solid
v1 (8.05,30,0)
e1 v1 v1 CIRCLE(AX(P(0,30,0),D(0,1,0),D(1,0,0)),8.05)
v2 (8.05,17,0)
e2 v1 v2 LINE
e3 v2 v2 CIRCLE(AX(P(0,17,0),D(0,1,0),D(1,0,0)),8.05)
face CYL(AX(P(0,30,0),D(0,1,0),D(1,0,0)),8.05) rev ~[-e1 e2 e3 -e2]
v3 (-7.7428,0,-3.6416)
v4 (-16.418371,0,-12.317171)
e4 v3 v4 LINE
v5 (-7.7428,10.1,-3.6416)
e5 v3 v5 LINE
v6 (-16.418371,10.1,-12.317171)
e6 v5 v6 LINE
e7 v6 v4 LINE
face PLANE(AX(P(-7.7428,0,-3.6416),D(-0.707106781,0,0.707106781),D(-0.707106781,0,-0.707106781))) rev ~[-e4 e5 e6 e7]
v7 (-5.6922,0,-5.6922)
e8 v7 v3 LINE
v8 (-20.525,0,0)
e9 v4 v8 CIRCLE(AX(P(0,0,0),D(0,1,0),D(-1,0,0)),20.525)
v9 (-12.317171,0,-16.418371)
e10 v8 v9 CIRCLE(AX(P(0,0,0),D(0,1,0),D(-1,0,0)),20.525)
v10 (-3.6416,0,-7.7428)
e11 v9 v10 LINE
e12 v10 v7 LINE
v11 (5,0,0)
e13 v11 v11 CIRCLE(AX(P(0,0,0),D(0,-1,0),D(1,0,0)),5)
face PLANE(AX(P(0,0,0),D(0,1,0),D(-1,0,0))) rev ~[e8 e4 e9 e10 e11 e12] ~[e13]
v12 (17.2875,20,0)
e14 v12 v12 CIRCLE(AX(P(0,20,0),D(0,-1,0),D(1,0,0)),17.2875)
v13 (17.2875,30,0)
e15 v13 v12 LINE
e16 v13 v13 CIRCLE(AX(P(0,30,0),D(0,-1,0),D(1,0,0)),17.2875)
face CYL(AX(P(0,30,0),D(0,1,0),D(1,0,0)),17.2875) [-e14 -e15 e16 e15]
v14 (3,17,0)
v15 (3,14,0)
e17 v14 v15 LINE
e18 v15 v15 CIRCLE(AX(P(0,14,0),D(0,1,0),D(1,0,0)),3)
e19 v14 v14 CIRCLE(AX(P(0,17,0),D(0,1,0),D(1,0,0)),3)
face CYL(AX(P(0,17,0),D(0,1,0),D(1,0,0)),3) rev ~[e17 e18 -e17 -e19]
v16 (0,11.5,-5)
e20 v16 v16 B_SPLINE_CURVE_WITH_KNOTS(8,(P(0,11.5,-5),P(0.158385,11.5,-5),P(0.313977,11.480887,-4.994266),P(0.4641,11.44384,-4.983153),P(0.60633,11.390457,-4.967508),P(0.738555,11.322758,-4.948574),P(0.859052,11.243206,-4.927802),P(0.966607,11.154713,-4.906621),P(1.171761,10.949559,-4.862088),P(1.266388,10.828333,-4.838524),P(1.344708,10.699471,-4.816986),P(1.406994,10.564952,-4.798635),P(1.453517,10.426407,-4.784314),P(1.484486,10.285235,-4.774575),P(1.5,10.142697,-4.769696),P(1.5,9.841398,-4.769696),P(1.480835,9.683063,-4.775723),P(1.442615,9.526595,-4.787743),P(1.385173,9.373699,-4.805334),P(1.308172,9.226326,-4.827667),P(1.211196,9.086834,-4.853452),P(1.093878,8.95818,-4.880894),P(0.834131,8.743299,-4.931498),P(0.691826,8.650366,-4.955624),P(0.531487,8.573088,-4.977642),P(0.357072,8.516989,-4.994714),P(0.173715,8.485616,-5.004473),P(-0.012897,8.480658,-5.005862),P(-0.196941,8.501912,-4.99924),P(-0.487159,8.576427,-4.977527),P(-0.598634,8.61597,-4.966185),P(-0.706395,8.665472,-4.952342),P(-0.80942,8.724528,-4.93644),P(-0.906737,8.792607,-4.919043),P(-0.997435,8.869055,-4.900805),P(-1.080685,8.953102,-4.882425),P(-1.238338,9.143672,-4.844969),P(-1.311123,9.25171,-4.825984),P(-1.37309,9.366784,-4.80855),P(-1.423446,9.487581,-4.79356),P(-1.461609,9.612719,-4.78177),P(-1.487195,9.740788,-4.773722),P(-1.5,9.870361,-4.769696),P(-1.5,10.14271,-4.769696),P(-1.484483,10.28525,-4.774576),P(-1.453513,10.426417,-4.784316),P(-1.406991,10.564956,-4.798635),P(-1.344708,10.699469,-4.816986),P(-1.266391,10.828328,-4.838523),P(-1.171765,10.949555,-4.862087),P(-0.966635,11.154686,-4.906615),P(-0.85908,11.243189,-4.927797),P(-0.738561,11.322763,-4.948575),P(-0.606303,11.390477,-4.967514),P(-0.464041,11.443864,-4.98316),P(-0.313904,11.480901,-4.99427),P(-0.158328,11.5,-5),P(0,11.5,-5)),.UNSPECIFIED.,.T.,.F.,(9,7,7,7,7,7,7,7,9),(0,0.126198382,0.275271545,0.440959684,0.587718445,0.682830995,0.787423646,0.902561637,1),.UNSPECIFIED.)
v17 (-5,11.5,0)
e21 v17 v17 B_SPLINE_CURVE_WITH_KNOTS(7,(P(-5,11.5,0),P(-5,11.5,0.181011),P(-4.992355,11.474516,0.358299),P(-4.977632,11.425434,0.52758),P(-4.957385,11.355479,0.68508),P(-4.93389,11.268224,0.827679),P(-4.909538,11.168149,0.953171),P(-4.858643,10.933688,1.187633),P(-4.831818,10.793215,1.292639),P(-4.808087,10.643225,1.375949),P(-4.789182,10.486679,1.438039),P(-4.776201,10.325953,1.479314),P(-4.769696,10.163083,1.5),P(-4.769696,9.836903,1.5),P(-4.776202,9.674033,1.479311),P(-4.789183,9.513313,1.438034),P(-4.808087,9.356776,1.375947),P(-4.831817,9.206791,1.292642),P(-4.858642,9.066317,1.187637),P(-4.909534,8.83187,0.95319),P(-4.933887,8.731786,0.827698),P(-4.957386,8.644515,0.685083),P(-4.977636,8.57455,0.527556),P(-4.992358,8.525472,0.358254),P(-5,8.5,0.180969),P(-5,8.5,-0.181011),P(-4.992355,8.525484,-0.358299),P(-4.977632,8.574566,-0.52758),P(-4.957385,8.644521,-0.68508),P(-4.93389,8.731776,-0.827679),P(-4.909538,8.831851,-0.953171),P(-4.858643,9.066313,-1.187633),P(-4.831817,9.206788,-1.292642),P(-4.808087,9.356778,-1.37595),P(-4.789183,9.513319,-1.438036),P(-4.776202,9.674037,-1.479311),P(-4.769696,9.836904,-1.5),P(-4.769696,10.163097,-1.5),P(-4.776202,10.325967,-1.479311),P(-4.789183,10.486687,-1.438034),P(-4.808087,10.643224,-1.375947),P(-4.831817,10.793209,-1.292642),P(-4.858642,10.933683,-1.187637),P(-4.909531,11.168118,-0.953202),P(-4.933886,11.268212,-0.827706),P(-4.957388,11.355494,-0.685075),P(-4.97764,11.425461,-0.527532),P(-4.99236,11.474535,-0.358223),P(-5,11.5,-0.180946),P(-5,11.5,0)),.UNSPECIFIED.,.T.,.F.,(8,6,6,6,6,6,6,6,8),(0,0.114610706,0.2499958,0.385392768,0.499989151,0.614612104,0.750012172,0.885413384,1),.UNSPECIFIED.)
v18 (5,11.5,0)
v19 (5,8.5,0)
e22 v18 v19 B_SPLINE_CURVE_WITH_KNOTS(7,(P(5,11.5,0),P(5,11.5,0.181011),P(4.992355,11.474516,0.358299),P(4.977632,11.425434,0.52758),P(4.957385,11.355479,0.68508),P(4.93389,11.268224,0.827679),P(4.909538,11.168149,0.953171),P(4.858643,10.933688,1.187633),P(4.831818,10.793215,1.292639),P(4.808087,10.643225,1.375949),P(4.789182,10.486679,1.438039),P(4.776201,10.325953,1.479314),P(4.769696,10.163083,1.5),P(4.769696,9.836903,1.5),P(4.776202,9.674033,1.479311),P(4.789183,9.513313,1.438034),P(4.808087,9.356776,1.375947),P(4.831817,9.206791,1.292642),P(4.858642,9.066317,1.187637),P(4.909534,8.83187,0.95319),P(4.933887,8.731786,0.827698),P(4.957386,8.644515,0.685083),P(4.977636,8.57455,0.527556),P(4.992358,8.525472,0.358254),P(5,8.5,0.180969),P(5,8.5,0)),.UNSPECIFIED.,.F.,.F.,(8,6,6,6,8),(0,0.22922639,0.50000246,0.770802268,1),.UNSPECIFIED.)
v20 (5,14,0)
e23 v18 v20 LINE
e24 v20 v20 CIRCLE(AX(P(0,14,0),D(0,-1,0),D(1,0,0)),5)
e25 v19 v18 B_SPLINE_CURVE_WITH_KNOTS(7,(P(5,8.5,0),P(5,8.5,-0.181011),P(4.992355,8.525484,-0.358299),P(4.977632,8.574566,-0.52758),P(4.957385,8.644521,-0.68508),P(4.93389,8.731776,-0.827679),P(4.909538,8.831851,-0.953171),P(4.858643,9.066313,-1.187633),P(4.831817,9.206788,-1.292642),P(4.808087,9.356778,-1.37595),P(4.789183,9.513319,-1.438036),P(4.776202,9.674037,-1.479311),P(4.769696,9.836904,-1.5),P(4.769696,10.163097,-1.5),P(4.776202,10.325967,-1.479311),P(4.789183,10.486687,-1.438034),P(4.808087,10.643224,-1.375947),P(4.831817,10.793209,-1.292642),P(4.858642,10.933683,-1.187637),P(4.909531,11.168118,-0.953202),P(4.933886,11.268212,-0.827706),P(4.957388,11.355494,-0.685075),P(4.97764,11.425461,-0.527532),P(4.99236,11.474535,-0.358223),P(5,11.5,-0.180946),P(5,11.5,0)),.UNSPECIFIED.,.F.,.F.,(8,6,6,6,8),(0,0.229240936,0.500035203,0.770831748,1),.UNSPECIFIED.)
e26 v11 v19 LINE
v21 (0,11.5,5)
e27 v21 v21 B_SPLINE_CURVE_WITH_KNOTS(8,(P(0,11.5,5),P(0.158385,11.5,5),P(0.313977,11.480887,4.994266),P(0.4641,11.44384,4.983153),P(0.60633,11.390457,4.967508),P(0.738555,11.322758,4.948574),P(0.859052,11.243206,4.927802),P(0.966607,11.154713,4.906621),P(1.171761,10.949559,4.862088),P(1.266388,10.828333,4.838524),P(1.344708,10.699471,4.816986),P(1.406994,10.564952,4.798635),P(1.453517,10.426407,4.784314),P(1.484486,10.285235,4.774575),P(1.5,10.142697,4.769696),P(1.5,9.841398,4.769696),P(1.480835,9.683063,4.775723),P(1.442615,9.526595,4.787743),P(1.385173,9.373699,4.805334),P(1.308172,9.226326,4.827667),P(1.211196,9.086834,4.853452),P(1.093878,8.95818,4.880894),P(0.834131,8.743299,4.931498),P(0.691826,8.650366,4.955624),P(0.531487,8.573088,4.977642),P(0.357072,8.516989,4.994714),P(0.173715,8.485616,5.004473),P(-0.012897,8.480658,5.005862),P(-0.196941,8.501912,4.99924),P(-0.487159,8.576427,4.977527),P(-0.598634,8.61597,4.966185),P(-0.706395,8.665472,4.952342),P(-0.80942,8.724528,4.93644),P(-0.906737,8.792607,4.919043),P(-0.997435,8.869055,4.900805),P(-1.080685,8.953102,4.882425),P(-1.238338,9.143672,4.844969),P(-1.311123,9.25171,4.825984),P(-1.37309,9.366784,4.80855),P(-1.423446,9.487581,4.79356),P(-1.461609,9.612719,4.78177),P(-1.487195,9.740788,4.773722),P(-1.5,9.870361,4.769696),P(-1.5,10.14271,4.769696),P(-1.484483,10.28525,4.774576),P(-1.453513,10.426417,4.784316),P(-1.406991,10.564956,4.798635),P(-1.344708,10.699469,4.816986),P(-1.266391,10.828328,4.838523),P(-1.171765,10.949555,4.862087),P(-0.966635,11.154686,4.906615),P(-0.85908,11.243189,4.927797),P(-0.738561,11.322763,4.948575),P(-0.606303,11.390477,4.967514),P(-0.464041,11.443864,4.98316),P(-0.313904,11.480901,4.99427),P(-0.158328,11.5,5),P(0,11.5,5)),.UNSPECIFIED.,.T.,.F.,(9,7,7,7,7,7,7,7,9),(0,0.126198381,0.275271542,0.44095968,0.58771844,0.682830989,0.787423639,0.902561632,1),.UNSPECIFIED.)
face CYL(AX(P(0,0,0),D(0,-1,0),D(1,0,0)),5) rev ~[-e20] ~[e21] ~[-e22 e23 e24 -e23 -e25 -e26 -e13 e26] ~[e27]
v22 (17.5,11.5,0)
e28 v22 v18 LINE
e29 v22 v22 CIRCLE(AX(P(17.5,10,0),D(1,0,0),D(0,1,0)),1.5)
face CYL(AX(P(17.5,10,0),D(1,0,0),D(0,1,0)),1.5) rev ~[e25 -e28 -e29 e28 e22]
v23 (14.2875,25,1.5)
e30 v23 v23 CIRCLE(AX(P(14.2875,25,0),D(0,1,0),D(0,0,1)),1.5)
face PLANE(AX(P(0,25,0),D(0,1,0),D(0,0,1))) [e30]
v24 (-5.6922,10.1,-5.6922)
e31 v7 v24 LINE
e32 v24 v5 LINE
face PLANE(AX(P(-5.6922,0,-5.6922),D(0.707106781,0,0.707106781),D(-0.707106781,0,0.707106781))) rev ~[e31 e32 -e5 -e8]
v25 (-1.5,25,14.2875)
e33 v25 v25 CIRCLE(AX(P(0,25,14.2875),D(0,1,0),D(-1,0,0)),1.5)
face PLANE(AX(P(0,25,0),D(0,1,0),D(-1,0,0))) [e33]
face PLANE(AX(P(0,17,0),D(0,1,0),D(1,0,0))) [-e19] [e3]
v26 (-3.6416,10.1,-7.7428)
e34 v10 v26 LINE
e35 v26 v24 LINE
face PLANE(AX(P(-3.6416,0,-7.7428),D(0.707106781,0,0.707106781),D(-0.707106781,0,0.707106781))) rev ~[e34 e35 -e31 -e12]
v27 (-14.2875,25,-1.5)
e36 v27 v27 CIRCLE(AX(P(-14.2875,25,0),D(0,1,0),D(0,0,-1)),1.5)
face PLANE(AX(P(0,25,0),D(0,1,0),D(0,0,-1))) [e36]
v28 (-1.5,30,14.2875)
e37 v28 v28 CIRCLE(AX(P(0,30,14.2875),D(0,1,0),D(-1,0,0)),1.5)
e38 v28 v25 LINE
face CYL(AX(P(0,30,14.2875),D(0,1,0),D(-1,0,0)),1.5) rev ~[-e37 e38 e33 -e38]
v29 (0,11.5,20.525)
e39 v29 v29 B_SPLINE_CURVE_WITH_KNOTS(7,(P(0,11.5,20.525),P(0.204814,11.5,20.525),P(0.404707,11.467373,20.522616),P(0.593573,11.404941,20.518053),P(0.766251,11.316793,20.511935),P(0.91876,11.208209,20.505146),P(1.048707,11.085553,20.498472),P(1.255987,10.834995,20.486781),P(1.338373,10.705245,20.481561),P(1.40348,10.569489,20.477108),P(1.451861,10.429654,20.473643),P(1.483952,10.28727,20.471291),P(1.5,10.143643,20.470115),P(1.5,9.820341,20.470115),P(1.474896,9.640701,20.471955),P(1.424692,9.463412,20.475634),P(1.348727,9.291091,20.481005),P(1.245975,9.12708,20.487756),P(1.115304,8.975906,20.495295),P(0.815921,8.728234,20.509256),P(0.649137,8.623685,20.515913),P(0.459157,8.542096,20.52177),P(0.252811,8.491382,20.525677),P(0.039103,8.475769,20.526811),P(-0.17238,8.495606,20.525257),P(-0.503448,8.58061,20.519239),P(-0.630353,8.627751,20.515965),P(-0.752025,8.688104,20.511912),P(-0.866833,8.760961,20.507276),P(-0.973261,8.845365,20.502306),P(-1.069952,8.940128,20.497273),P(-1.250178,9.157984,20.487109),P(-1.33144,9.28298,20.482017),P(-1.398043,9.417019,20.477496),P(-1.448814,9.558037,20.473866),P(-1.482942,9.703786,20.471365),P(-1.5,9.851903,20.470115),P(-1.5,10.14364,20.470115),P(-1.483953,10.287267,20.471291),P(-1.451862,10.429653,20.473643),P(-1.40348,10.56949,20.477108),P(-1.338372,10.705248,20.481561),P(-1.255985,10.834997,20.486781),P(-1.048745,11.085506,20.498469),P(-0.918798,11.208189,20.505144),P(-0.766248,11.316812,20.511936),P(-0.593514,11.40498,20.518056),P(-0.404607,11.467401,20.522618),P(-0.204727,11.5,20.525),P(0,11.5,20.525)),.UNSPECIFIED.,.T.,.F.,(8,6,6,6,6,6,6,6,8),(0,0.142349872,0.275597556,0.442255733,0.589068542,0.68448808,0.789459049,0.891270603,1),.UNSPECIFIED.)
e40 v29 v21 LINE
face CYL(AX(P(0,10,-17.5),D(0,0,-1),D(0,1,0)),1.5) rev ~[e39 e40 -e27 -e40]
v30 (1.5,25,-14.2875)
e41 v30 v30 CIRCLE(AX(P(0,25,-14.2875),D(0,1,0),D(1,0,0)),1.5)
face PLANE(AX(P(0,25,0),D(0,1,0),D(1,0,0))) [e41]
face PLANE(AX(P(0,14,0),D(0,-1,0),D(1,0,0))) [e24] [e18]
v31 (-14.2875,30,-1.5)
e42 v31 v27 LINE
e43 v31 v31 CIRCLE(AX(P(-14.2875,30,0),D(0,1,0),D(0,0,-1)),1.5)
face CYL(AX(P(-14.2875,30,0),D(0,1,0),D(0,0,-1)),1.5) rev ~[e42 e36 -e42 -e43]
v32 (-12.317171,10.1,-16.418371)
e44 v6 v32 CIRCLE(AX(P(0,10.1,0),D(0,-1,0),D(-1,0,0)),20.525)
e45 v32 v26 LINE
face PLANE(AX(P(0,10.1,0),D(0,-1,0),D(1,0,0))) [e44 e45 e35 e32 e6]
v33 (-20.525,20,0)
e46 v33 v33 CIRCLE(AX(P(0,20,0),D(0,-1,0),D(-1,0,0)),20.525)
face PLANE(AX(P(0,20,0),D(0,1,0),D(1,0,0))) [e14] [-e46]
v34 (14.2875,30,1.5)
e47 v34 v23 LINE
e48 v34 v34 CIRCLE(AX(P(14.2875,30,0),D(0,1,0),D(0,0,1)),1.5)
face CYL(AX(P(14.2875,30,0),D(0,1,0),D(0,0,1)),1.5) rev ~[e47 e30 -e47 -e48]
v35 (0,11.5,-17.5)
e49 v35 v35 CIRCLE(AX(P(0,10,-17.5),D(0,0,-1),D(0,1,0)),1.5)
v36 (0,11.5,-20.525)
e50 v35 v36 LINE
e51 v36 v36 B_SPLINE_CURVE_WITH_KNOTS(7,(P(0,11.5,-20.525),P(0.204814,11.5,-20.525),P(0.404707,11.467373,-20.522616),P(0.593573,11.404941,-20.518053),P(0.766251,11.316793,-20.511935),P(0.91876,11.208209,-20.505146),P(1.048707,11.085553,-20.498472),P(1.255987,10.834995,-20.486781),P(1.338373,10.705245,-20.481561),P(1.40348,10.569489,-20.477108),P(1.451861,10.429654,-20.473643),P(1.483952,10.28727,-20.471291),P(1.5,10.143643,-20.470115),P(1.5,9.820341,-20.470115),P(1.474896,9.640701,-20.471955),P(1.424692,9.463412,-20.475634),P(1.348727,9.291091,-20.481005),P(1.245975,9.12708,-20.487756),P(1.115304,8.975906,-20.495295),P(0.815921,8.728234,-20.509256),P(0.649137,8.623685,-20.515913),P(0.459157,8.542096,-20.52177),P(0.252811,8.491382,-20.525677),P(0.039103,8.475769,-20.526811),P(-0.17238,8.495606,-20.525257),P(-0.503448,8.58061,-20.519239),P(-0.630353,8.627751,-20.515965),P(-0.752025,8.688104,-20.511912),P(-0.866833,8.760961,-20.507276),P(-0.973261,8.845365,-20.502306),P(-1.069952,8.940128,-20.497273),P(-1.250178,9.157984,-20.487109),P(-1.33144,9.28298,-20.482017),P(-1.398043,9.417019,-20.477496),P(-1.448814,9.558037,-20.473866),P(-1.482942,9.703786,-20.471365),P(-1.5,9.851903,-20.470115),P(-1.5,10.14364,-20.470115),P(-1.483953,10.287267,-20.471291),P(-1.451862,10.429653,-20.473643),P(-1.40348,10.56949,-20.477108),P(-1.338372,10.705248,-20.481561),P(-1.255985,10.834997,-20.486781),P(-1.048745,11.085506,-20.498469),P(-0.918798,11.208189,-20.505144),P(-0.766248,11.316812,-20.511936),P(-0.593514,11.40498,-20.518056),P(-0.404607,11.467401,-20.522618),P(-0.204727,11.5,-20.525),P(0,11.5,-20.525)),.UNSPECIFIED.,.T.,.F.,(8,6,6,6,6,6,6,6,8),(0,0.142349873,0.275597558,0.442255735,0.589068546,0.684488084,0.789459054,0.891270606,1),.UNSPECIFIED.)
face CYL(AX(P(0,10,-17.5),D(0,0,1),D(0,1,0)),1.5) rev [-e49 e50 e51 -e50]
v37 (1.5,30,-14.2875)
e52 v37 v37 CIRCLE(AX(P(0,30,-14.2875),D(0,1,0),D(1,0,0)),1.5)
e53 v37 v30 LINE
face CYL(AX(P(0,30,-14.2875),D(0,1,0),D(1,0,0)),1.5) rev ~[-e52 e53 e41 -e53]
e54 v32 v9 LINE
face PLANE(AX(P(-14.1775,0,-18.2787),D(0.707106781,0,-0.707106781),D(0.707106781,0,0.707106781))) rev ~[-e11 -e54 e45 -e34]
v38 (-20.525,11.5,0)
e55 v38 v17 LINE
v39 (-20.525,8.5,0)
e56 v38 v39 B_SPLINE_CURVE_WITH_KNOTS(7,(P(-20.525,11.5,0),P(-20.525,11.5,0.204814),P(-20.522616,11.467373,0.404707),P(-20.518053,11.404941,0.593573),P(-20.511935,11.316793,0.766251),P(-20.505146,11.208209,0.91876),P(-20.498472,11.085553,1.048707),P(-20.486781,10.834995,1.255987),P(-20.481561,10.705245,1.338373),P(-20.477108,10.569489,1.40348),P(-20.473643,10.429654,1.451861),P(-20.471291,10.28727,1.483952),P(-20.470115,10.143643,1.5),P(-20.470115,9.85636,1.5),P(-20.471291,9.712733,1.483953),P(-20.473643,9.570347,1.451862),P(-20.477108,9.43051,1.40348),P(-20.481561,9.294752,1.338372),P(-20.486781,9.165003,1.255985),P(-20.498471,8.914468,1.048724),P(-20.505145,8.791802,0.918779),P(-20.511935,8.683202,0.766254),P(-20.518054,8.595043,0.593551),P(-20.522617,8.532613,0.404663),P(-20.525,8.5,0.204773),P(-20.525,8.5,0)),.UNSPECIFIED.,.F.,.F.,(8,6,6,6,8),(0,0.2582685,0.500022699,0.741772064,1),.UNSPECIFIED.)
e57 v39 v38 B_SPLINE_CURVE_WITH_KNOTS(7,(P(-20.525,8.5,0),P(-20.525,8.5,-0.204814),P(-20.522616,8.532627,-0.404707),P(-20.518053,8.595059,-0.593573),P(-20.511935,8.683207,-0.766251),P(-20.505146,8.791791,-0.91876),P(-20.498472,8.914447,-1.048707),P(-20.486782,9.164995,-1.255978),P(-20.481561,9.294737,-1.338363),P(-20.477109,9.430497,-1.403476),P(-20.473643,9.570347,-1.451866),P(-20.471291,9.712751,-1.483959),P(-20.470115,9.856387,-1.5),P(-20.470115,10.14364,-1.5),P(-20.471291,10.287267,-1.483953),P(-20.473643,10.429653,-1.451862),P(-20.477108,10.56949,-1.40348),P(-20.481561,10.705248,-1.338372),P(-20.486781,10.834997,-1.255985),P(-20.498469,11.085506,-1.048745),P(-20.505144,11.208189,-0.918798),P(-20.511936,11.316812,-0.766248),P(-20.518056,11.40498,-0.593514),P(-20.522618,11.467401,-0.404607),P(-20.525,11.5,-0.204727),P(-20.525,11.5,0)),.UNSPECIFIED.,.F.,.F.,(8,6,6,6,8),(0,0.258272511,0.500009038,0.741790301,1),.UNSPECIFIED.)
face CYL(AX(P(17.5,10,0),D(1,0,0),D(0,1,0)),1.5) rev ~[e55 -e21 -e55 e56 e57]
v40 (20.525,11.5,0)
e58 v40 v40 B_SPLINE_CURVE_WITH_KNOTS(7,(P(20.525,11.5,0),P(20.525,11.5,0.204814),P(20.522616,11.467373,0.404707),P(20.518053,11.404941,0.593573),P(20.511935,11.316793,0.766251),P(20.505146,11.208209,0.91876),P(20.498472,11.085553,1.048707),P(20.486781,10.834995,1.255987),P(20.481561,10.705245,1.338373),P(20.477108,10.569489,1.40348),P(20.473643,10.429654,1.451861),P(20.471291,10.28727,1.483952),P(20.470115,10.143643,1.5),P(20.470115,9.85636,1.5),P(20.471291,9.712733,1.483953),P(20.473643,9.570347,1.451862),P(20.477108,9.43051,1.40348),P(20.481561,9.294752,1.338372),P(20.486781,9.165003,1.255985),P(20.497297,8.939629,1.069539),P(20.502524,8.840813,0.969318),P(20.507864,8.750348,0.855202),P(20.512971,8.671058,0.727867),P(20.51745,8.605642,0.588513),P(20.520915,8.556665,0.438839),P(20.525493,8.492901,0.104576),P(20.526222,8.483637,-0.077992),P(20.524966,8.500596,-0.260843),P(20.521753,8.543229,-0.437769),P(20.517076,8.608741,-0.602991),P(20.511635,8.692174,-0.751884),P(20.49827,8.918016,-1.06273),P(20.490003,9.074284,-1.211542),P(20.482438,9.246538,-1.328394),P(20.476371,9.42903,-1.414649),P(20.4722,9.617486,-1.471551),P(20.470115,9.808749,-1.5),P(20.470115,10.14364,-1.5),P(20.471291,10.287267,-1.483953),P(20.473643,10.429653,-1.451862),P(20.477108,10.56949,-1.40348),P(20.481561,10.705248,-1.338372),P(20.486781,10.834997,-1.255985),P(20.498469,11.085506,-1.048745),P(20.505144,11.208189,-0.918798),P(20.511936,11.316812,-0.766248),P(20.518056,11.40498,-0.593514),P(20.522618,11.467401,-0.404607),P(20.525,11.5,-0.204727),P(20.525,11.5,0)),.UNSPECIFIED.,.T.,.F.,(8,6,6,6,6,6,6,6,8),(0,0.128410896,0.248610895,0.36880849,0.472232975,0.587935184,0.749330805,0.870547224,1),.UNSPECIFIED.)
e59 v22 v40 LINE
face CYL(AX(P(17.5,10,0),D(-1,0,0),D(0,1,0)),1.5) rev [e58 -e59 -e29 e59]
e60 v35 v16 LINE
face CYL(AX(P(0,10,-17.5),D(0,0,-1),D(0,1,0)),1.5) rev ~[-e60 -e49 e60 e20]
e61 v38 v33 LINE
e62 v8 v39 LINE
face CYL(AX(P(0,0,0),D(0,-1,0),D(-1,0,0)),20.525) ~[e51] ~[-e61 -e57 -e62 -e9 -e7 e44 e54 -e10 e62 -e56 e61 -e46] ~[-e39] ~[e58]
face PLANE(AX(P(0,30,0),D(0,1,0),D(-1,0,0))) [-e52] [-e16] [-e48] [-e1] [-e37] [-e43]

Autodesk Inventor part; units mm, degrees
ref_plane "XZ Plane" through (0, 0, 0) normal (0, 1, 0) x (-1, 0, 0)
ref_plane "XY Plane" through (0, 0, 0) normal (0, 0, 1) x (1, 0, 0)
sketch "Sketch1" plane through (0, 0, 0) normal (0, 1, 0) x (-1, 0, 0)
  circle A0 centre (0, 0) radius 20.525
extrude "Extrusion1" add sketch "Sketch1" along normal blind 30
sketch "Sketch2" plane through (0, 30, 0) normal (0, 1, 0) x (1, 0, 0)
  circle A0 centre (0, 0) radius 8.05
  dimension "d3" = 16.1
extrude "Extrusion2" cut sketch "Sketch2" against normal blind 13
sketch "Sketch4" plane through (0, 17, 0) normal (0, 1, 0) x (1, 0, 0)
  circle A0 centre (0, 0) radius 3
  dimension "d27" = 6
sketch "Sketch5" plane through (0, 30, 0) normal (0, 1, 0) x (1, 0, 0)
  circle A0 centre (0, 0) radius 8.05 projected
  circle A1 centre (0, 0) radius 20.525 projected
  circle A2 centre (0, 14.2875) radius 1.5
extrude "Extrusion5" cut sketch "Sketch5" against normal blind 5 contours A2
pattern_circular "Circular Pattern2" count 4 over 360 about axis through (0, 0, 0) along (0, 1, 0) of "Extrusion5"
sketch "Sketch6" plane through (0, 30, 0) normal (0, 1, 0) x (1, 0, 0)
  circle A0 centre (0, 14.2875) radius 1.5 projected
  line L0 (0, 15.7875) -> (0, 17.2875)
  circle A1 centre (0, 0) radius 17.2875
  circle A2 centre (0, 0) radius 20.525 projected
  dimension "d22" = 1.5
extrude "Extrusion6" cut sketch "Sketch6" against normal blind 10 contours A2
extrude "Extrusion7" cut sketch "Sketch4" against normal blind 10
sketch "Sketch7" plane through (0, 0, 0) normal (0, -1, 0) x (1, 0, 0)
  circle A0 centre (0, 0) radius 5
  dimension "d28" = 10
extrude "Extrusion8" cut sketch "Sketch7" against normal blind 14
sketch "Sketch8" plane through (0, 30, 0) normal (0, 1, 0) x (1, 0, 0)
  circle A0 centre (0, 0) radius 17.2875 projected
  circle A1 centre (14.2875, 0) radius 1.5 projected
  circle A2 centre (0, -14.2875) radius 1.5 projected
  circle A3 centre (-14.2875, 0) radius 1.5 projected
  circle A4 centre (0, 14.2875) radius 1.5 projected
  circle A5 centre (0, 0) radius 8.05 projected
ref_plane "Work Plane1" through (17.5, 0, 0) normal (1, 0, 0) x (0, 1, 0)
sketch "Sketch9" plane through (17.5, 0, 0) normal (1, 0, 0) x (0, 1, 0)
  circle A0 centre (10, 0) radius 1.5
  dimension "d32" = 3
extrude "Extrusion9" cut sketch "Sketch9" along normal blind 50 and the other way blind 50
pattern_circular "Circular Pattern3" count 4 over 360 about axis through (0, 0, 0) along (0, 1, 0) of "Extrusion9"
sketch "Sketch10" plane through (0, 0, 0) normal (0, -1, 0) x (1, 0, 0)
  line L0 (-5.6922, -5.6922) -> (-7.7428, -3.6416)
  line L1 (-7.7428, -3.6416) -> (-18.2787, -14.1775)
  line L2 (-18.2787, -14.1775) -> (-14.1775, -18.2787)
  line L3 (-14.1775, -18.2787) -> (-3.6416, -7.7428)
  line L4 (-3.6416, -7.7428) -> (-5.6922, -5.6922)
  point P0 (0, 0)
extrude "Extrusion10" cut sketch "Sketch10" against normal blind 10.1
properties part number "tutup_syringe"
